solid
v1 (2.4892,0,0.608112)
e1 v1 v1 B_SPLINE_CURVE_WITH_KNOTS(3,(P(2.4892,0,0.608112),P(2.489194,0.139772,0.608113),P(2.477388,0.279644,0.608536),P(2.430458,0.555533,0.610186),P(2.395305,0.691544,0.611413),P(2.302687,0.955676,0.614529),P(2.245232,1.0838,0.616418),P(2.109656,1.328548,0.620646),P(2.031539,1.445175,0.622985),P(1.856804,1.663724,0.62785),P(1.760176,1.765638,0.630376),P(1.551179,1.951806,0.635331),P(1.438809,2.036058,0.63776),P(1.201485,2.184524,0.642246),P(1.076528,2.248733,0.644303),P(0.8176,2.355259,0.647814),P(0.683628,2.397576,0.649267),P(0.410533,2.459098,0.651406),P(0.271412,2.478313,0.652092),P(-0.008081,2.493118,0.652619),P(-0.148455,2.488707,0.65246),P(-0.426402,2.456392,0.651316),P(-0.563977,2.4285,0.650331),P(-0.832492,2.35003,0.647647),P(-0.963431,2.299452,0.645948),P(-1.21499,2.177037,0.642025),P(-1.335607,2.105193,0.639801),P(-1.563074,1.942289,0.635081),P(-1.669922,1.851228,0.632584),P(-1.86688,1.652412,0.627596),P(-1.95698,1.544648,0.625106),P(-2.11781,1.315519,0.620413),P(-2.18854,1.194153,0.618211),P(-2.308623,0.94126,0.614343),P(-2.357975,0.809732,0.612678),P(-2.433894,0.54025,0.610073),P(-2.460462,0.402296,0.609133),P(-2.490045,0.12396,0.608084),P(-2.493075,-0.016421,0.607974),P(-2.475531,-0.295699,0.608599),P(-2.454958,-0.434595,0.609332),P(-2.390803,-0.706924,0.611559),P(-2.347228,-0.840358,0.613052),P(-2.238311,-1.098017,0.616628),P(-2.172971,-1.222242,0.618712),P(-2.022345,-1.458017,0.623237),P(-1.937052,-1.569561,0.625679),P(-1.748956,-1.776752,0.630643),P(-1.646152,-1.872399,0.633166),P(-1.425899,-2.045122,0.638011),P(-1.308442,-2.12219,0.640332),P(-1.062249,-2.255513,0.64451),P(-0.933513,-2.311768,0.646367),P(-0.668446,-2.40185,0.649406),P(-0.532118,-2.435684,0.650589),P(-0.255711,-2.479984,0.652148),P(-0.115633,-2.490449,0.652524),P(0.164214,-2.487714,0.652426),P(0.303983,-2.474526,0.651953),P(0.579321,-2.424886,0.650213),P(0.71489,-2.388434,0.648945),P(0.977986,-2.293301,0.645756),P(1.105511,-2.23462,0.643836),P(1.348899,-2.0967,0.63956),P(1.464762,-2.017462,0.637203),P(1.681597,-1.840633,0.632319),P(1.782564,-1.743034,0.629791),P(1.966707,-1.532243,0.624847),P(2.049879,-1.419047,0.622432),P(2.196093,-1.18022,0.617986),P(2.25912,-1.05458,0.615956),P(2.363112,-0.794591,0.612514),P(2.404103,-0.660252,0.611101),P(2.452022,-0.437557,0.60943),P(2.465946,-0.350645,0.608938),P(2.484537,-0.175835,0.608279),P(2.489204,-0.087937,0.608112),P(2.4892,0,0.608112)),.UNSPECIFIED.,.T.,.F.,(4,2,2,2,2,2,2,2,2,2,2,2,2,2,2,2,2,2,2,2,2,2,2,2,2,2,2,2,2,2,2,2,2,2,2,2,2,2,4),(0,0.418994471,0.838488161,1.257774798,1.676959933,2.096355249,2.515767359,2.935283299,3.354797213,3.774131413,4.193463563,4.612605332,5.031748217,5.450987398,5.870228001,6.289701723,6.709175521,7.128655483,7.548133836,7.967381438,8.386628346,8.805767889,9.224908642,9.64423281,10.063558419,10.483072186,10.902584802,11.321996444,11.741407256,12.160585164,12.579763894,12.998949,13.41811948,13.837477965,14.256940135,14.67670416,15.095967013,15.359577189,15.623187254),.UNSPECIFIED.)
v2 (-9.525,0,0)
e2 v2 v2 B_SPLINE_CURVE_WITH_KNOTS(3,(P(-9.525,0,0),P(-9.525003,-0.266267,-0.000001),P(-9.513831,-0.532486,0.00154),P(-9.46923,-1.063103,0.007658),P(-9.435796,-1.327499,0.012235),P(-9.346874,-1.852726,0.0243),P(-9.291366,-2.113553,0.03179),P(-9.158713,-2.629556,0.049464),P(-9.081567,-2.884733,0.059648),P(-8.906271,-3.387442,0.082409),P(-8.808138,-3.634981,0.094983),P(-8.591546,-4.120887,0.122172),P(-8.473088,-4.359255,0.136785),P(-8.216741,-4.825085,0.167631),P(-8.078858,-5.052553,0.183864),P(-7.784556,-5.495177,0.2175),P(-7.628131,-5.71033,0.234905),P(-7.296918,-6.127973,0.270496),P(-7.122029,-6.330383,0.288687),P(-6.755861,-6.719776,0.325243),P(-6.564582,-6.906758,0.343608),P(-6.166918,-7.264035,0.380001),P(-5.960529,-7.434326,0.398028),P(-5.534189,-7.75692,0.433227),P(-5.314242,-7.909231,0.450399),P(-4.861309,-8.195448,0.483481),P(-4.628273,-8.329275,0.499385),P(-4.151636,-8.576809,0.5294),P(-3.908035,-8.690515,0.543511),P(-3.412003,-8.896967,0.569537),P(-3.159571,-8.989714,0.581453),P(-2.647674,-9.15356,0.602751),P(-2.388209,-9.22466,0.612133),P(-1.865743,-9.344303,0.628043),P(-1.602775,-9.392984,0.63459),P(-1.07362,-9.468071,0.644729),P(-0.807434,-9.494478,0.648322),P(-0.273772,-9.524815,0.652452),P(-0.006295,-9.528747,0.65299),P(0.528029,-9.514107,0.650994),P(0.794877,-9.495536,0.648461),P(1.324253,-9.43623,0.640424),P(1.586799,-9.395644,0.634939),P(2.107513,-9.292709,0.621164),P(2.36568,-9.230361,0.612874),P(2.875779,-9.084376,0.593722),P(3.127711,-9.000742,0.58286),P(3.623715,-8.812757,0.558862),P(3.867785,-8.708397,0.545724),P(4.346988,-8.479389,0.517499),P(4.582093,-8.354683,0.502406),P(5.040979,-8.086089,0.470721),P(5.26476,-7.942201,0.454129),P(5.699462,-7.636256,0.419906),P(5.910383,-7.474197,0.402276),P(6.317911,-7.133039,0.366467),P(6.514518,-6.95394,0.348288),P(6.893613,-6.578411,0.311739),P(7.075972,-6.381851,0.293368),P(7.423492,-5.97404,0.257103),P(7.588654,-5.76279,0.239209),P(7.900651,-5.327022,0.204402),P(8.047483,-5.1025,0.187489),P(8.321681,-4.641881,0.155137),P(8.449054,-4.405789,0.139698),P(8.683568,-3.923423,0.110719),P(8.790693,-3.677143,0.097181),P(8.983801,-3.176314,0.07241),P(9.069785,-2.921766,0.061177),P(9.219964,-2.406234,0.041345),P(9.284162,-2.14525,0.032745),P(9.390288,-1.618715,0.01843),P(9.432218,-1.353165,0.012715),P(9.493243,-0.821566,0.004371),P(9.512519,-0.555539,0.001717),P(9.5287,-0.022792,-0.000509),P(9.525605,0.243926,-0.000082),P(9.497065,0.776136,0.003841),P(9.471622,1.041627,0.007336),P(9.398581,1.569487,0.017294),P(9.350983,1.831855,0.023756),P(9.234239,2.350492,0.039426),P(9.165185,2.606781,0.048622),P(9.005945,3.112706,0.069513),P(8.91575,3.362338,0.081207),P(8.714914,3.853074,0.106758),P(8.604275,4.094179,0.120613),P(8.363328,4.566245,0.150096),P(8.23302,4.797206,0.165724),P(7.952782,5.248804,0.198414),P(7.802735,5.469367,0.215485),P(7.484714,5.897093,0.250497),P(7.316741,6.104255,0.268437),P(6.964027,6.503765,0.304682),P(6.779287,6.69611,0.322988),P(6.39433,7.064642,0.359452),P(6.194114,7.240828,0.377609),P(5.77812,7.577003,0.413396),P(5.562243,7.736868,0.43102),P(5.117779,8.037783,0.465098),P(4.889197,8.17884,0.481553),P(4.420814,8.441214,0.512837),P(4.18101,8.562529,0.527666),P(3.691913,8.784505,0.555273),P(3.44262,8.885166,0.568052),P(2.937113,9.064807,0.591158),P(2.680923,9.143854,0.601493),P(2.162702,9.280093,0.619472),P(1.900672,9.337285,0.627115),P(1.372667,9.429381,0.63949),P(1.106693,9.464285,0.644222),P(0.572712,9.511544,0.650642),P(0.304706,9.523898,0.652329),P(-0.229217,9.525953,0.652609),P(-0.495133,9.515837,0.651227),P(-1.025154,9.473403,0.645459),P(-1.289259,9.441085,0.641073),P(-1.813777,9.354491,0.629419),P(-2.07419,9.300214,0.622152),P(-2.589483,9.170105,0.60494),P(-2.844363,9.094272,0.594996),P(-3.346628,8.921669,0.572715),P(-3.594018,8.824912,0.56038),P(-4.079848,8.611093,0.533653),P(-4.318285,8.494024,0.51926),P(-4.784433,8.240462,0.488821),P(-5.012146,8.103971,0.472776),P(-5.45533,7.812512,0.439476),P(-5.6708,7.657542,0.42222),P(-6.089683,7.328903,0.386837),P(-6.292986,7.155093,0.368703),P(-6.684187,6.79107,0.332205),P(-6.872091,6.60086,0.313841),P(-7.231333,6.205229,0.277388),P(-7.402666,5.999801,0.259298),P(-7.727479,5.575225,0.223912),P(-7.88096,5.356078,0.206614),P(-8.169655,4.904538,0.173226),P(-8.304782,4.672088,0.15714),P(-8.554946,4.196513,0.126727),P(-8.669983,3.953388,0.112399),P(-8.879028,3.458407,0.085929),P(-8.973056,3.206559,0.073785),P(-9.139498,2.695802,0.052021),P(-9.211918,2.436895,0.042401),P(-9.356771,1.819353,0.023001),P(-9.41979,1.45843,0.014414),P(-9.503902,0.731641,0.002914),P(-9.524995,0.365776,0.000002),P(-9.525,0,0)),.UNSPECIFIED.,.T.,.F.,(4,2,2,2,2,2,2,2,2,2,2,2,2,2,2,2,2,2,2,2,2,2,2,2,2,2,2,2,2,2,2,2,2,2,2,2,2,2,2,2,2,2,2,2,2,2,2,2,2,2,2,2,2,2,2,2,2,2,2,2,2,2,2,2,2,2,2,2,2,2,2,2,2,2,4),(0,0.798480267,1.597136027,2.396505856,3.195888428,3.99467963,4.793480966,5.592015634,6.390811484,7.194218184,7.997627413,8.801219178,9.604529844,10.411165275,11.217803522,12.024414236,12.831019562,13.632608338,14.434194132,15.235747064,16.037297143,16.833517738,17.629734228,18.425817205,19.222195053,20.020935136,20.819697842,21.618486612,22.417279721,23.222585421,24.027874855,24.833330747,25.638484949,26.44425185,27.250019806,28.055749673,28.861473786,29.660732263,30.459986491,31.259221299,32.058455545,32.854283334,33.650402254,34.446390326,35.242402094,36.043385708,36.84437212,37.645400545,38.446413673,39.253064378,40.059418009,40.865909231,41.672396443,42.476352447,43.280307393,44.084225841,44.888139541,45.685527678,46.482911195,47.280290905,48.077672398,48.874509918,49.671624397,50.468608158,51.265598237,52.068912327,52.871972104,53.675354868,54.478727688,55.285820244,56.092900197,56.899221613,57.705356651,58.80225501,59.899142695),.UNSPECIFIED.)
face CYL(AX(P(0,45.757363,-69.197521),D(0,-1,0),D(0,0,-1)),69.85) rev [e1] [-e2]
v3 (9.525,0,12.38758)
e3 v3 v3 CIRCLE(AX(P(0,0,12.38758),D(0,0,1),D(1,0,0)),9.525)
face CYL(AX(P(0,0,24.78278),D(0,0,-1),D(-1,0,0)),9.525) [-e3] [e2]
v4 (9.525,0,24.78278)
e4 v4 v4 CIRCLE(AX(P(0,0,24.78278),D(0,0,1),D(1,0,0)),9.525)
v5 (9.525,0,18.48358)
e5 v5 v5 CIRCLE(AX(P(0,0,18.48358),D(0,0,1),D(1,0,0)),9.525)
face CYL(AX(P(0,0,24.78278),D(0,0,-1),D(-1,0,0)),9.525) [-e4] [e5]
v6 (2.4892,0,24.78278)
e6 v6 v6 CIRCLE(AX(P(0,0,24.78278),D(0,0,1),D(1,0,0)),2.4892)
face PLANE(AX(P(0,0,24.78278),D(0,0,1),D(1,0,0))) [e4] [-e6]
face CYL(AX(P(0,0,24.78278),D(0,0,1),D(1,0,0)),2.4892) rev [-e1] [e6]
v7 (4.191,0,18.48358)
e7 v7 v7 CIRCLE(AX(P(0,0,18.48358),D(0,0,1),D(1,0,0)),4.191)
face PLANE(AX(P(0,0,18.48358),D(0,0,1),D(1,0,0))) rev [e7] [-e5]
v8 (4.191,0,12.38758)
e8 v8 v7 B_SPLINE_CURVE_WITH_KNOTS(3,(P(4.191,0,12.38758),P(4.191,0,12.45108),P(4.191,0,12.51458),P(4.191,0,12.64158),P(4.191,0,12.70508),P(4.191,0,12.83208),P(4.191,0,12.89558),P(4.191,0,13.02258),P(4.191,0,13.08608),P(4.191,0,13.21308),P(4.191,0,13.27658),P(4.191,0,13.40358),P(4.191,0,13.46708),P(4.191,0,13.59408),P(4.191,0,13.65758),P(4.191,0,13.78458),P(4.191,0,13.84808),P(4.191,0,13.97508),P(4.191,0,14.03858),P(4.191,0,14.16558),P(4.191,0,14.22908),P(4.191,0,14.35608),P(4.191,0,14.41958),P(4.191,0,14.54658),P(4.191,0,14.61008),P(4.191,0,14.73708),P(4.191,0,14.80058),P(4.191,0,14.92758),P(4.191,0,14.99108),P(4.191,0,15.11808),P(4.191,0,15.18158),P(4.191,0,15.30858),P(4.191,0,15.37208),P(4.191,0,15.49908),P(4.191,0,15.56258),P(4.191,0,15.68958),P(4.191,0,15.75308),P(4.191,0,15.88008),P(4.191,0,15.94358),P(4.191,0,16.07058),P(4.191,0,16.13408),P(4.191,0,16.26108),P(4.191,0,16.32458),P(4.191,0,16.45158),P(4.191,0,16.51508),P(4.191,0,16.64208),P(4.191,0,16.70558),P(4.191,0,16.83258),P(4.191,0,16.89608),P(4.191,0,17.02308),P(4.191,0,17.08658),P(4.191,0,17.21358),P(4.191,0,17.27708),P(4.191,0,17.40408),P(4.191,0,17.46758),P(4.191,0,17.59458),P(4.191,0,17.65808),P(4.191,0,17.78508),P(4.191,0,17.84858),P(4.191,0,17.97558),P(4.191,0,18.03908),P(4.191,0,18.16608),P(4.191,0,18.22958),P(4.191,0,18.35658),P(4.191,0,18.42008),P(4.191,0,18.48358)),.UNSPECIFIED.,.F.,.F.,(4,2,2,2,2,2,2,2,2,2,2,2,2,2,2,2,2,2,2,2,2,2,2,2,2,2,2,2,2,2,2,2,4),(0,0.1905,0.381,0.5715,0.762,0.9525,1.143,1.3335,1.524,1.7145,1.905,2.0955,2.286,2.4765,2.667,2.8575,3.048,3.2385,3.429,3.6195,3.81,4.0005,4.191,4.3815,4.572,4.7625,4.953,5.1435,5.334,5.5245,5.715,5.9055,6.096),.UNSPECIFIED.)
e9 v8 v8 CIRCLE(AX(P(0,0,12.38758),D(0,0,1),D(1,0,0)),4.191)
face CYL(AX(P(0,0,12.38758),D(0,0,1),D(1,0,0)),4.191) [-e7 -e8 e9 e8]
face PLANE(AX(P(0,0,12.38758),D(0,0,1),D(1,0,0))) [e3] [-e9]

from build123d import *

# Parameters (mm, degrees)
SKETCH1_R              = 9.525
EXTRUDE1_DEPTH         = 24.78278
SKETCH2_OUTSIDE_W      = 28.372
SKETCH2_OUTSIDE_H      = 28.372
SKETCH2_OUTSIDE_R      = 4.191
EXTRUDE2_DEPTH         = 6.096
EXTRUDE3_DEPTH         = 29.207045831
EXTRUDE3_DEPTH_BACK    = 29.207045831
F_10_CLEARANCE_HOLE1_D = 4.9784


with BuildPart() as part:
    # Sketch1 → Extrude1 (new body)
    with BuildSketch(Plane.XY):
        Circle(SKETCH1_R)
    extrude(amount=EXTRUDE1_DEPTH)

    # Sketch2 outside → Extrude2 (cut)
    with BuildSketch(Plane.XY.offset(18.48358)):
        Rectangle(SKETCH2_OUTSIDE_W, SKETCH2_OUTSIDE_H)
        Circle(SKETCH2_OUTSIDE_R, mode=Mode.SUBTRACT)
    extrude(amount=-EXTRUDE2_DEPTH, mode=Mode.SUBTRACT)

    # Sketch3 → Extrude3 (cut, two sides: drawn at the far end of the back side and taken through both)
    with BuildSketch(Plane(origin=(0, 0, 0), x_dir=(1, 0, 0), z_dir=(0, 1, 0)).offset(-EXTRUDE3_DEPTH_BACK)):
        with BuildLine():
            Line((81.364445057, 9.888659405), (9.525, 0))
            ThreePointArc((9.525, 0), (0, -0.652479271), (-9.525, 0))
            Line((-9.525, 0), (-81.364445057, 9.888659405))
            Line((-81.364445057, 9.888659405), (-81.364445057, 154.92233068))
            Line((-81.364445057, 154.92233068), (81.364445057, 154.92233068))
            Line((81.364445057, 154.92233068), (81.364445057, 9.888659405))
        make_face()
    extrude(amount=EXTRUDE3_DEPTH + EXTRUDE3_DEPTH_BACK, mode=Mode.SUBTRACT)

    # #10 Clearance Hole1 (through all)
    with Locations(Plane.XY.offset(24.78278)):
        with Locations((0, 0)):
            Hole(F_10_CLEARANCE_HOLE1_D / 2)


solid = part.part
